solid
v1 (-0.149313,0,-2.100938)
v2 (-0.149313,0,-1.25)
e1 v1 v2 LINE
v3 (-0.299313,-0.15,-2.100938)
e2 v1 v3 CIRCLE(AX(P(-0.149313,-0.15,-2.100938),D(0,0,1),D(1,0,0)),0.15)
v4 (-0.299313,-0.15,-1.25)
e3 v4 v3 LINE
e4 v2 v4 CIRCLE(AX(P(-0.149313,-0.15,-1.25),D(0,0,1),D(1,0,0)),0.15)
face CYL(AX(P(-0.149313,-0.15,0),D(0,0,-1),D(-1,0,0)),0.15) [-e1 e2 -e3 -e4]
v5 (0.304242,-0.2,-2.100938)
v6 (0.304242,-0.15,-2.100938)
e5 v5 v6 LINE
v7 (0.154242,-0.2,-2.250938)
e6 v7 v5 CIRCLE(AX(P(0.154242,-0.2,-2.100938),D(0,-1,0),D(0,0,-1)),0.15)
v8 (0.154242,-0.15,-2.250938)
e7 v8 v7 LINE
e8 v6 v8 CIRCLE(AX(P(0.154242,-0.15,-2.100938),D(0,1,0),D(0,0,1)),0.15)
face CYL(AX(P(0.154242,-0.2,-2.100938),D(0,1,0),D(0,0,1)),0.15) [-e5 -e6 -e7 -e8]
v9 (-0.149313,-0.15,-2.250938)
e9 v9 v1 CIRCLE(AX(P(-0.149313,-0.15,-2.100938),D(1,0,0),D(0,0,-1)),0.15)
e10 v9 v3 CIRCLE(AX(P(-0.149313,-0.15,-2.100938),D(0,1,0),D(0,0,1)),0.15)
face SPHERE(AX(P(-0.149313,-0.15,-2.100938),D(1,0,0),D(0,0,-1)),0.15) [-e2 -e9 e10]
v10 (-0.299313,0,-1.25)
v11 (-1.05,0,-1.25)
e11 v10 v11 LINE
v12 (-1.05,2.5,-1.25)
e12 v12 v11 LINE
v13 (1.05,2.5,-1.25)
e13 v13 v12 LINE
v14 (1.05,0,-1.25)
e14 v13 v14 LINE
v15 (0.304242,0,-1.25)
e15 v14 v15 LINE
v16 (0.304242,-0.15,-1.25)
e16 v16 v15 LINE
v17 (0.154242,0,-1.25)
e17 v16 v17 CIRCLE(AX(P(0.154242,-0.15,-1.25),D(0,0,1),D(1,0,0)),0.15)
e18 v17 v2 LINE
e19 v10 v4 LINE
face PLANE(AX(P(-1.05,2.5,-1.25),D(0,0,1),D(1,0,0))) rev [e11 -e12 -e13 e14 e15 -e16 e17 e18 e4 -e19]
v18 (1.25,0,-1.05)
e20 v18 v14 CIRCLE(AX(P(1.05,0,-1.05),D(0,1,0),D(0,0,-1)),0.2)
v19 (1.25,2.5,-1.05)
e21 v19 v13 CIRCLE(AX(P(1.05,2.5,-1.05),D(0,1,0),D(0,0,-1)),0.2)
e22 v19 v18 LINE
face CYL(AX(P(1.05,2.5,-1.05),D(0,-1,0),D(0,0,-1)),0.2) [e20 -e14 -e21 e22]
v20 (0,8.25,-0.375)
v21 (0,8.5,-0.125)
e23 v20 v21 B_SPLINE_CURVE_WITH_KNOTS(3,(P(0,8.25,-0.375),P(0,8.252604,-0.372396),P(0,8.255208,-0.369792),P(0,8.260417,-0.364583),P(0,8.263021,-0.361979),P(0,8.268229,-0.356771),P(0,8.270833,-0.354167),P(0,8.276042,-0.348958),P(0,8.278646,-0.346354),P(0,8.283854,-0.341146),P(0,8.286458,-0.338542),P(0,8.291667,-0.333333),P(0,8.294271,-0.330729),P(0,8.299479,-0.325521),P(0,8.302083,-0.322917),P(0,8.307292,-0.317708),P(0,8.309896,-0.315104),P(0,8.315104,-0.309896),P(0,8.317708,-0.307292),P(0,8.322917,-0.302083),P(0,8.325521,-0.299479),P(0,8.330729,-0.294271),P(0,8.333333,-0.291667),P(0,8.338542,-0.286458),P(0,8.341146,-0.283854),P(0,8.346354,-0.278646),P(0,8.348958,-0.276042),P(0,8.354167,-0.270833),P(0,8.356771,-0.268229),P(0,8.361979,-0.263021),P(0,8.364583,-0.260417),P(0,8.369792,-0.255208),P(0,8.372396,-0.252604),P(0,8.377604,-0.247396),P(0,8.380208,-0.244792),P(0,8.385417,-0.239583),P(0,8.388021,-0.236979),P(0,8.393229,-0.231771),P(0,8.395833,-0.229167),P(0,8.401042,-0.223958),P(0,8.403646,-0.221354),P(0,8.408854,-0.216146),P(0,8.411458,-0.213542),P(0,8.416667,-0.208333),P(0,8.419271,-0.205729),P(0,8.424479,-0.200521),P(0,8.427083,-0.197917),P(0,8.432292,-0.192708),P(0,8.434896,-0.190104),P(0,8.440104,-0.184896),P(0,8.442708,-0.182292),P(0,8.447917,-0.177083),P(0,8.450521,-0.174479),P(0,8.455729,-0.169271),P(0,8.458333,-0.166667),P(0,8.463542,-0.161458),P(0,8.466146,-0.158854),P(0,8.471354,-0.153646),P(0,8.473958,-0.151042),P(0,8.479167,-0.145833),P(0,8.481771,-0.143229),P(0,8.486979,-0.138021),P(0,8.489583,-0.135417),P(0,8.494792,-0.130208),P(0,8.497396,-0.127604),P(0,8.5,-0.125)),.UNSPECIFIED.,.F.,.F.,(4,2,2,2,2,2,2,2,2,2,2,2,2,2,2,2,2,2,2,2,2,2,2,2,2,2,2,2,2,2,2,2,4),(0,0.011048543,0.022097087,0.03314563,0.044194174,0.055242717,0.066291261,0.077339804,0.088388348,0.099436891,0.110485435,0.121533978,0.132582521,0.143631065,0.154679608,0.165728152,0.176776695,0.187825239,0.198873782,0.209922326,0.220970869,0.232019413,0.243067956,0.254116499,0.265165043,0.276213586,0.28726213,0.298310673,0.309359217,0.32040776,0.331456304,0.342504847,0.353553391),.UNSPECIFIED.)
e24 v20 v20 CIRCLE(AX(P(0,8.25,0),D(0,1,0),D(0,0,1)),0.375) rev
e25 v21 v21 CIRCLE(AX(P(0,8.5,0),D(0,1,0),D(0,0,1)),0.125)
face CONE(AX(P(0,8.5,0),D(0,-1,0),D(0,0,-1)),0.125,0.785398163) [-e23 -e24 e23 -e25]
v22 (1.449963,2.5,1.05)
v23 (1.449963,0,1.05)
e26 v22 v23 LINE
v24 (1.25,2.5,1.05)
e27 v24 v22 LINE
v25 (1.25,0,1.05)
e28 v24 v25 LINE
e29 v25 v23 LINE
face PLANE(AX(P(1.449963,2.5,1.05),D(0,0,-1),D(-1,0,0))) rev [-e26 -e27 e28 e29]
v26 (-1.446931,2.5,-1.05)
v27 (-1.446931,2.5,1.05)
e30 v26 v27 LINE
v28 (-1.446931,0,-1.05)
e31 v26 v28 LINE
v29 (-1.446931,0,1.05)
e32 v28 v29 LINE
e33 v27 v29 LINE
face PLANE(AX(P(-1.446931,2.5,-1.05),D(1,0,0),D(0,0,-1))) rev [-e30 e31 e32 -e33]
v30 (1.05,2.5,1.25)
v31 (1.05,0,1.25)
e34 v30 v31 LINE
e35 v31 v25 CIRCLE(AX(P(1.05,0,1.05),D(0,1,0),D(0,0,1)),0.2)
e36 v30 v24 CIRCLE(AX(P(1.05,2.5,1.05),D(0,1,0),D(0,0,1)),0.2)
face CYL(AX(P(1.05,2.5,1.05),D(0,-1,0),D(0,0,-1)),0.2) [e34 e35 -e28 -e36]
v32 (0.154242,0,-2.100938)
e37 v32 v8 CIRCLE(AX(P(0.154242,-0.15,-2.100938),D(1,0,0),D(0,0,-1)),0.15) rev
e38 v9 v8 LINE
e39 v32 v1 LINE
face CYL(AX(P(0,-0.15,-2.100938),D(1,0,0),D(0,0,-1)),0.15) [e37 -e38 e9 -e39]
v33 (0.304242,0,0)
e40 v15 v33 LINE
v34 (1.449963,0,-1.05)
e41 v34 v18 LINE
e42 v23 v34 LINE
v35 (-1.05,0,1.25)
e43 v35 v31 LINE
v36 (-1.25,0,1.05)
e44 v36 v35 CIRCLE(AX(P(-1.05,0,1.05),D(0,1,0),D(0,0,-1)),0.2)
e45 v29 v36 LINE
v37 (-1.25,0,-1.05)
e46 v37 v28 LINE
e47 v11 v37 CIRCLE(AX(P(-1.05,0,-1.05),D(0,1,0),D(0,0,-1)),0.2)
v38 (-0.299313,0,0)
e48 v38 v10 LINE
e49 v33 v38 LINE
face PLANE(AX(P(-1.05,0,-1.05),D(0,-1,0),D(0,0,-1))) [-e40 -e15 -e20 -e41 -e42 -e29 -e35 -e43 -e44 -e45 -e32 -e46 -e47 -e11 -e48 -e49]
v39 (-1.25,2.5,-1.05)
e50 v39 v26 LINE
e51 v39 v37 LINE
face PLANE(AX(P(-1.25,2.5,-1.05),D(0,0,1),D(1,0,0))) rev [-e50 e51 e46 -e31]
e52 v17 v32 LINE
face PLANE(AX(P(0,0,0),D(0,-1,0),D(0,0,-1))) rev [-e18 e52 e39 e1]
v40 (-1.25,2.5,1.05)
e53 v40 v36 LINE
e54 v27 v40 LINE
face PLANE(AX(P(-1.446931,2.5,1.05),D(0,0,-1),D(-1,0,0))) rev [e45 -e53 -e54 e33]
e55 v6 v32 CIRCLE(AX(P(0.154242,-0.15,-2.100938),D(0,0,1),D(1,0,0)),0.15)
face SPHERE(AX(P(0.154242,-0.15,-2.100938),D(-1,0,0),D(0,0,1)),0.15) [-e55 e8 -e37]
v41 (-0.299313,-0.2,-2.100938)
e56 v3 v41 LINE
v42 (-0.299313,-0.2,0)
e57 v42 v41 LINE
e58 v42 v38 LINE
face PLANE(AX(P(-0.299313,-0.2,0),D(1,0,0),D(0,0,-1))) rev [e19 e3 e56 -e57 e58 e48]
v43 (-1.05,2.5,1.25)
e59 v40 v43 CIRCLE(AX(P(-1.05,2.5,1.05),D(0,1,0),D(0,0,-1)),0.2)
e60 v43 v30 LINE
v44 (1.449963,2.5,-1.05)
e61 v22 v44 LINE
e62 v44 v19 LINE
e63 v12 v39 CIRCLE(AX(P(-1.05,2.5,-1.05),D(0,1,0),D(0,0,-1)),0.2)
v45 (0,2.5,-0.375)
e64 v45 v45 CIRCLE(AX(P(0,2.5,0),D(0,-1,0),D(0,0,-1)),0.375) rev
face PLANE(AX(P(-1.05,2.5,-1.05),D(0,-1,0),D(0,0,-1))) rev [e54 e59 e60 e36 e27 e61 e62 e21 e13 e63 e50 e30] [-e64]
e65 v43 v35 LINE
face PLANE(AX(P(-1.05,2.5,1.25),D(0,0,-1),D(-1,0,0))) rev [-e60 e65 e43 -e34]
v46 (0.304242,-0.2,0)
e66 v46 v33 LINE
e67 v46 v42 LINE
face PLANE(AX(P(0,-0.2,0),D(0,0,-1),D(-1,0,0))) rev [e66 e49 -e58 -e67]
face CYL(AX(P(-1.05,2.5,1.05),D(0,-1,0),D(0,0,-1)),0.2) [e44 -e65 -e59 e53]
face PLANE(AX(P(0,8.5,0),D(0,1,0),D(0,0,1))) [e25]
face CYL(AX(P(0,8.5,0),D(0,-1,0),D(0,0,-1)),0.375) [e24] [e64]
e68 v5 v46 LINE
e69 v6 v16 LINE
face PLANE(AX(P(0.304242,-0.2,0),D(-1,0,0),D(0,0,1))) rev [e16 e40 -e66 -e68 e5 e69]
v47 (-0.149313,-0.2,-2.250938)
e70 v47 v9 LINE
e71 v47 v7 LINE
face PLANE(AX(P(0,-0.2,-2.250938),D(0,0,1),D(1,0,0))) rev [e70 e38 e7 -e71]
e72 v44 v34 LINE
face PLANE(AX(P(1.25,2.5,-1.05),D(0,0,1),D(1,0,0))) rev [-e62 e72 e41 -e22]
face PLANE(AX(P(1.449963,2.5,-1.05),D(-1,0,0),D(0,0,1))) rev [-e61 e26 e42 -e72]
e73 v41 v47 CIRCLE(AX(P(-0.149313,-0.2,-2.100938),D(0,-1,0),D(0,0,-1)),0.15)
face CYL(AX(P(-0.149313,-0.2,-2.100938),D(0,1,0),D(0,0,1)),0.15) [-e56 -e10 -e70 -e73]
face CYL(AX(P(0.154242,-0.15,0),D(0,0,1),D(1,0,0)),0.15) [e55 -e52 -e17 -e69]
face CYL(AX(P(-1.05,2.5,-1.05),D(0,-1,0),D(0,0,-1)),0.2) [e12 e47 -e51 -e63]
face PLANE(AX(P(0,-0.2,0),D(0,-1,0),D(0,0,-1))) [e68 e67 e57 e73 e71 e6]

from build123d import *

# Parameters (mm, degrees)
BOSS_EXTRU_1_DEPTH = 2.5
ESQUISSE3_R        = 0.375
BOSS_EXTRU_2_DEPTH = 6
CHANFREIN1_SIZE    = 0.25
BOSS_EXTRU_3_DEPTH = 0.2
CONG_1_R           = 0.15
CONG_2_R           = 0.15


with BuildPart() as part:
    # Esquisse1 → Boss.-Extru.1 (new body)
    with BuildSketch(Plane(origin=(0, 0, 0), x_dir=(1, 0, 0), z_dir=(0, 1, 0))):
        with BuildLine():
            Line((-1.25, 1.05), (-1.446931313, 1.05))
            Line((-1.446931313, 1.05), (-1.446931313, -1.05))
            Line((-1.446931313, -1.05), (-1.25, -1.05))
            ThreePointArc((-1.25, -1.05), (-1.191421356, -1.191421356), (-1.05, -1.25))
            Line((-1.05, -1.25), (1.05, -1.25))
            ThreePointArc((1.05, -1.25), (1.191421356, -1.191421356), (1.25, -1.05))
            Line((1.25, -1.05), (1.449962609, -1.05))
            Line((1.449962609, -1.05), (1.449962609, 1.05))
            Line((1.449962609, 1.05), (1.25, 1.05))
            ThreePointArc((1.25, 1.05), (1.191421356, 1.191421356), (1.05, 1.25))
            Line((1.05, 1.25), (-1.05, 1.25))
            ThreePointArc((-1.05, 1.25), (-1.191421356, 1.191421356), (-1.25, 1.05))
        make_face()
    extrude(amount=BOSS_EXTRU_1_DEPTH)

    # Esquisse3 → Boss.-Extru.2 (add)
    with BuildSketch(Plane(origin=(0, 2.5, 0), x_dir=(1, 0, 0), z_dir=(0, 1, 0))):
        with Locations(Location((0, 0, 0), (0, 0, 90))):
            Circle(ESQUISSE3_R)
    extrude(amount=BOSS_EXTRU_2_DEPTH)

    # Chanfrein1
    chanfrein1_edges = [part.edges().sort_by_distance(p)[0] for p in [
        (0, 8.5, 0.375),
    ]]
    chamfer(chanfrein1_edges, length=CHANFREIN1_SIZE)

    # Esquisse4 → Boss.-Extru.3 (add)
    with BuildSketch(Plane.XZ):
        Polygon((0, 0), (0.304241832, 0), (0.304241832, -2.250938438), (0, -2.250938438), (-0.299312937, -2.250938438), (-0.299312937, 0), align=None)
    extrude(amount=BOSS_EXTRU_3_DEPTH)

    # Congé1
    cong_1_edges = [part.edges().sort_by_distance(p)[0] for p in [
        (0.002464447, 0, -2.250938438),
    ]]
    fillet(cong_1_edges, radius=CONG_1_R)

    # Congé2
    cong_2_edges = [part.edges().sort_by_distance(p)[0] for p in [
        (-0.299312937, 0, -1.675469219),
        (-0.299312937, -0.175, -2.250938438),
        (0.304241832, -0.175, -2.250938438),
        (0.304241832, 0, -1.675469219),
        (0.304241832, -0.043933983, -2.207004455),
        (-0.299312937, -0.043933983, -2.207004455),
    ]]
    fillet(cong_2_edges, radius=CONG_2_R)


solid = part.part
